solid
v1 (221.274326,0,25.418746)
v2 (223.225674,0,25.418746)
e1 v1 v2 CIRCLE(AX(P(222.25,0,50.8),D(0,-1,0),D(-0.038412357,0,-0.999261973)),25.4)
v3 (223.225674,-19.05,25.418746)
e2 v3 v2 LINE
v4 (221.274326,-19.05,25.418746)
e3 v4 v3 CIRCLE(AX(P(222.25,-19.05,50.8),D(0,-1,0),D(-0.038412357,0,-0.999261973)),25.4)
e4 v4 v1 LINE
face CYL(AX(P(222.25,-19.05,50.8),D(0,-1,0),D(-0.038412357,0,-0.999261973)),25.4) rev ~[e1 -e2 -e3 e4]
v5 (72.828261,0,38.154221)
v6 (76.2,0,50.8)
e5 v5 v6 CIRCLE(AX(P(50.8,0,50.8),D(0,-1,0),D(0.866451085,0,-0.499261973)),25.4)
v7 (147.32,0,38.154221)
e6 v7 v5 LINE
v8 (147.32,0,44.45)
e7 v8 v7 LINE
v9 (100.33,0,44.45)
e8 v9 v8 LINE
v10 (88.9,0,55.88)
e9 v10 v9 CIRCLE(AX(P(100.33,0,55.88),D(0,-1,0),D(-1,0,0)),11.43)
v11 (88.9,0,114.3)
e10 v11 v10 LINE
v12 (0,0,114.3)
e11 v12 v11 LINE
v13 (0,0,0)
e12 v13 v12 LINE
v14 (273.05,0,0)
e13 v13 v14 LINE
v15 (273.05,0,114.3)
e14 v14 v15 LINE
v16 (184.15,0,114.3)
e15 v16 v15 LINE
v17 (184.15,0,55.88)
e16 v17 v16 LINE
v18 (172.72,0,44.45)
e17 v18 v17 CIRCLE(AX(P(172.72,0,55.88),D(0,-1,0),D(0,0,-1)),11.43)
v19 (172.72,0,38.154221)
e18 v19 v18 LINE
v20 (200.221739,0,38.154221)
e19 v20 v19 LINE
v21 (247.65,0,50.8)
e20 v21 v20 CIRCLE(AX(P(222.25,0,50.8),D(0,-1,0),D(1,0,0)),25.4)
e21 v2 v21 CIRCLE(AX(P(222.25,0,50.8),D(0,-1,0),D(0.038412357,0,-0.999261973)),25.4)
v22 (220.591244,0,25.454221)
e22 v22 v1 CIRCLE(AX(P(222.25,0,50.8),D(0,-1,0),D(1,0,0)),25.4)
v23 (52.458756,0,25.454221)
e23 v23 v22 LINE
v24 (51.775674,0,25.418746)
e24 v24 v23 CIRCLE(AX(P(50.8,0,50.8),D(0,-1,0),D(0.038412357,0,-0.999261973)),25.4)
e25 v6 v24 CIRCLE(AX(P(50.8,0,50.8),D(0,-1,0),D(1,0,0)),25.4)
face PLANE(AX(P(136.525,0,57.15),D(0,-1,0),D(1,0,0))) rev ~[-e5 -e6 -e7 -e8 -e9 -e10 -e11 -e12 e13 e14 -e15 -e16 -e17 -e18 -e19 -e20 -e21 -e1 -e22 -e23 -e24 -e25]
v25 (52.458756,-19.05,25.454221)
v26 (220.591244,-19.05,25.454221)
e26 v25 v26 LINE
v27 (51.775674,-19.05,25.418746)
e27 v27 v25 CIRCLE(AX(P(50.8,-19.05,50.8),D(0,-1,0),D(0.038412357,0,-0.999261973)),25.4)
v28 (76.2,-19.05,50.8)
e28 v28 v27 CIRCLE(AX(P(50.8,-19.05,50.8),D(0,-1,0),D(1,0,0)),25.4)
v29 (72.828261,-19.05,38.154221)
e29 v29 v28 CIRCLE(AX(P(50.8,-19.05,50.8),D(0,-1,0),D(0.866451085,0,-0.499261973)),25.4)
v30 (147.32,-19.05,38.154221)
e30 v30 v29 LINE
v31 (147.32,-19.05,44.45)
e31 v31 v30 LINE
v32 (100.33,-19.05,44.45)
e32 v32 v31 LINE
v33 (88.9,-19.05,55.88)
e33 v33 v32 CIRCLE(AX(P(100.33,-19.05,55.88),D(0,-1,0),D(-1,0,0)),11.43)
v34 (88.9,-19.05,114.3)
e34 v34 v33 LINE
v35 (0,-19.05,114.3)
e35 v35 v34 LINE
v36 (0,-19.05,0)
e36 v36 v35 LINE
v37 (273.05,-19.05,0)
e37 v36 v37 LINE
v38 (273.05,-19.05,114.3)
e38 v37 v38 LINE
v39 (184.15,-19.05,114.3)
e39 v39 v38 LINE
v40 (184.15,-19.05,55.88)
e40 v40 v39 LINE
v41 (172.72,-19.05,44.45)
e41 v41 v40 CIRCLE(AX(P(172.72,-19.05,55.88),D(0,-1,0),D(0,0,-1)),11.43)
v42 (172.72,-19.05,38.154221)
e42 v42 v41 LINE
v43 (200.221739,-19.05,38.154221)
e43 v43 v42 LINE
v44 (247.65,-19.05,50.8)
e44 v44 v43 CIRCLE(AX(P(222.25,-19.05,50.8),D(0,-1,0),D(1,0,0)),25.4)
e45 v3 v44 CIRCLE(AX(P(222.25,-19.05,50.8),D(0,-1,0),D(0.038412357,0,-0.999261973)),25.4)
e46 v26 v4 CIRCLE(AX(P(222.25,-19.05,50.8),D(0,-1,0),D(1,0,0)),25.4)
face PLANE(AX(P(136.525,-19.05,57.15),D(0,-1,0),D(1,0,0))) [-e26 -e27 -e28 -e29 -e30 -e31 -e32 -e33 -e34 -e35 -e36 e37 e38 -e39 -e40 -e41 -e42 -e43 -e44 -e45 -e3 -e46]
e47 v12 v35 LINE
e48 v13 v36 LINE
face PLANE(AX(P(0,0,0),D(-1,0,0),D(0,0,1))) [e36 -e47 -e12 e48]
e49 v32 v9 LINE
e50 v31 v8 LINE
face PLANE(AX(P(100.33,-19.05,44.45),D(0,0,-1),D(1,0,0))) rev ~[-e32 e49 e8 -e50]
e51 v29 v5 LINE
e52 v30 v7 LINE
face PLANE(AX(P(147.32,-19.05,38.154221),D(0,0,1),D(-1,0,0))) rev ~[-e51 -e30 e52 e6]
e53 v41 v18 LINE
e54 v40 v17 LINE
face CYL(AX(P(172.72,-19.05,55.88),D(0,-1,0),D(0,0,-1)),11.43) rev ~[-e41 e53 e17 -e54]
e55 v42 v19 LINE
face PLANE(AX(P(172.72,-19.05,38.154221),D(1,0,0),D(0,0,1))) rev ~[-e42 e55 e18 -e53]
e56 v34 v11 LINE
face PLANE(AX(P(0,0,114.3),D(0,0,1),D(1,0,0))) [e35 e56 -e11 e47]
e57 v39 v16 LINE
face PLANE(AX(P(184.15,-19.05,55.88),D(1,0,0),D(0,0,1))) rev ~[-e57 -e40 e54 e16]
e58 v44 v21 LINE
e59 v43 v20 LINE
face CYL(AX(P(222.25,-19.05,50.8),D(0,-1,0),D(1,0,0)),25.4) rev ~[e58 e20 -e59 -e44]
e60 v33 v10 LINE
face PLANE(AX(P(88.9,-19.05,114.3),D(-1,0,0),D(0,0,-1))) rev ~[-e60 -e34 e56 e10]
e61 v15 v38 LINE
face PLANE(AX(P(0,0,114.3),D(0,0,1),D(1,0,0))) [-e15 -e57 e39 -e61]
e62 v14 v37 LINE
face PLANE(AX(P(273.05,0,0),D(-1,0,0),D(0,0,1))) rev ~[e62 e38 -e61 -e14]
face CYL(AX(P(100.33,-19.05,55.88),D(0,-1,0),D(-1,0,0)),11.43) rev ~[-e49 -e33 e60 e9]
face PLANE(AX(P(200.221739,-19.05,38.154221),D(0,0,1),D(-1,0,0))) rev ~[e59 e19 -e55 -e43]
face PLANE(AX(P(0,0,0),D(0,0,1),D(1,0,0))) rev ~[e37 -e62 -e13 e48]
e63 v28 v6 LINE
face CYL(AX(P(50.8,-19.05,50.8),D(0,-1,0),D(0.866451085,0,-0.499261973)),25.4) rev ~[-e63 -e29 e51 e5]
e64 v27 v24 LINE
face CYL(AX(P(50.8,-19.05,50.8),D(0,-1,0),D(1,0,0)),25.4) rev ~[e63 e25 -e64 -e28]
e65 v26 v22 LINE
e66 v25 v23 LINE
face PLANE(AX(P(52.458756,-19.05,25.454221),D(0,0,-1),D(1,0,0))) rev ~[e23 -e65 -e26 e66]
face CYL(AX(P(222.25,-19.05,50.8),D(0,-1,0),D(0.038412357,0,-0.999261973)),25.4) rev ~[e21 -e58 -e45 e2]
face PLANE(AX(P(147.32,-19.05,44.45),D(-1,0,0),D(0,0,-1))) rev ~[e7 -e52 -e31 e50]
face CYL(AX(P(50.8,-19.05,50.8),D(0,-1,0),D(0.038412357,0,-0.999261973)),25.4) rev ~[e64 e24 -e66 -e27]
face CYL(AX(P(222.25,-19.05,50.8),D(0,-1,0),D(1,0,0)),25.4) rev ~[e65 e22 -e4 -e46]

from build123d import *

# Parameters (mm, degrees)
F0_W     = 273.05
F0_H     = 114.3
F1_DEPTH = 19.05
F3_DEPTH = 25.4
F5_DEPTH = 25.4


with BuildPart() as f1:
    # F0 (on Front) → F1 (new body)
    with BuildSketch(Plane.XZ):
        with Locations((136.525, 57.15)):
            Rectangle(F0_W, F0_H)
    extrude(amount=F1_DEPTH)

    # F2 (on face) → F3 (cut)
    with BuildSketch(Plane.XZ.offset(19.05)):
        with BuildLine():
            ThreePointArc((72.8078575524, 38.1187458841), (75.3373142564, 44.2364484398), (76.2, 50.8))
            ThreePointArc((76.2, 50.8), (32.4977854296, 68.4121816315), (51.7756738724, 25.4187458841))
            Line((51.7756738724, 25.4187458841), (64.3298327923, 38.1187458841))
            Line((64.3298327923, 38.1187458841), (72.8078575524, 38.1187458841))
        make_face()
        with BuildLine():
            ThreePointArc((200.2421424476, 38.1187458841), (209.1205225089, 29.0565683295), (221.2743261276, 25.4187458841))
            Line((221.2743261276, 25.4187458841), (223.2256738724, 25.4187458841))
            Line((223.2256738724, 25.4187458841), (207.7043950558, 38.1187458841))
            Line((207.7043950558, 38.1187458841), (200.2421424476, 38.1187458841))
        make_face()
        with BuildLine():
            Line((223.2256738724, 25.4187458841), (221.2743261276, 25.4187458841))
            ThreePointArc((221.2743261276, 25.4187458841), (222.25, 25.4), (223.2256738724, 25.4187458841))
        make_face()
        with BuildLine():
            Line((64.3298327923, 38.1187458841), (51.7756738724, 25.4187458841))
            ThreePointArc((51.7756738724, 25.4187458841), (63.9294774911, 29.0565683295), (72.8078575524, 38.1187458841))
            Line((72.8078575524, 38.1187458841), (64.3298327923, 38.1187458841))
        make_face()
        with BuildLine():
            ThreePointArc((247.65, 50.8), (215.6864484398, 75.3373142564), (200.2421424476, 38.1187458841))
            Line((200.2421424476, 38.1187458841), (207.7043950558, 38.1187458841))
            Line((207.7043950558, 38.1187458841), (223.2256738724, 25.4187458841))
            ThreePointArc((223.2256738724, 25.4187458841), (240.5522145704, 33.1878183685), (247.65, 50.8))
        make_face()
        with BuildLine():
            Line((100.33, 44.45), (151.0539650917, 44.45))
            Line((151.0539650917, 44.45), (172.72, 44.45))
            ThreePointArc((172.72, 44.45), (180.802230509, 47.797769491), (184.15, 55.88))
            Line((184.15, 55.88), (184.15, 114.3))
            Line((184.15, 114.3), (88.9, 114.3))
            Line((88.9, 114.3), (88.9, 55.88))
            ThreePointArc((88.9, 55.88), (92.247769491, 47.797769491), (100.33, 44.45))
        make_face()
    extrude(amount=-F3_DEPTH, mode=Mode.SUBTRACT)

    # F4 (on face) → F5 (cut)
    with BuildSketch(Plane.XZ.offset(19.05)):
        with BuildLine():
            Line((172.72, 44.45), (147.32, 44.45))
            Line((147.32, 44.45), (147.32, 38.1542206768))
            Line((147.32, 38.1542206768), (72.8282606056, 38.1542206768))
            ThreePointArc((72.8282606056, 38.1542206768), (64.2384219855, 29.2461415394), (52.4587557079, 25.4542206768))
            Line((52.4587557079, 25.4542206768), (220.5912442921, 25.4542206768))
            ThreePointArc((220.5912442921, 25.4542206768), (208.8115780145, 29.2461415394), (200.2217393944, 38.1542206768))
            Line((200.2217393944, 38.1542206768), (172.72, 38.1542206768))
            Line((172.72, 38.1542206768), (172.72, 44.45))
        make_face()
    extrude(amount=-F5_DEPTH, mode=Mode.SUBTRACT)


solid = f1.part
